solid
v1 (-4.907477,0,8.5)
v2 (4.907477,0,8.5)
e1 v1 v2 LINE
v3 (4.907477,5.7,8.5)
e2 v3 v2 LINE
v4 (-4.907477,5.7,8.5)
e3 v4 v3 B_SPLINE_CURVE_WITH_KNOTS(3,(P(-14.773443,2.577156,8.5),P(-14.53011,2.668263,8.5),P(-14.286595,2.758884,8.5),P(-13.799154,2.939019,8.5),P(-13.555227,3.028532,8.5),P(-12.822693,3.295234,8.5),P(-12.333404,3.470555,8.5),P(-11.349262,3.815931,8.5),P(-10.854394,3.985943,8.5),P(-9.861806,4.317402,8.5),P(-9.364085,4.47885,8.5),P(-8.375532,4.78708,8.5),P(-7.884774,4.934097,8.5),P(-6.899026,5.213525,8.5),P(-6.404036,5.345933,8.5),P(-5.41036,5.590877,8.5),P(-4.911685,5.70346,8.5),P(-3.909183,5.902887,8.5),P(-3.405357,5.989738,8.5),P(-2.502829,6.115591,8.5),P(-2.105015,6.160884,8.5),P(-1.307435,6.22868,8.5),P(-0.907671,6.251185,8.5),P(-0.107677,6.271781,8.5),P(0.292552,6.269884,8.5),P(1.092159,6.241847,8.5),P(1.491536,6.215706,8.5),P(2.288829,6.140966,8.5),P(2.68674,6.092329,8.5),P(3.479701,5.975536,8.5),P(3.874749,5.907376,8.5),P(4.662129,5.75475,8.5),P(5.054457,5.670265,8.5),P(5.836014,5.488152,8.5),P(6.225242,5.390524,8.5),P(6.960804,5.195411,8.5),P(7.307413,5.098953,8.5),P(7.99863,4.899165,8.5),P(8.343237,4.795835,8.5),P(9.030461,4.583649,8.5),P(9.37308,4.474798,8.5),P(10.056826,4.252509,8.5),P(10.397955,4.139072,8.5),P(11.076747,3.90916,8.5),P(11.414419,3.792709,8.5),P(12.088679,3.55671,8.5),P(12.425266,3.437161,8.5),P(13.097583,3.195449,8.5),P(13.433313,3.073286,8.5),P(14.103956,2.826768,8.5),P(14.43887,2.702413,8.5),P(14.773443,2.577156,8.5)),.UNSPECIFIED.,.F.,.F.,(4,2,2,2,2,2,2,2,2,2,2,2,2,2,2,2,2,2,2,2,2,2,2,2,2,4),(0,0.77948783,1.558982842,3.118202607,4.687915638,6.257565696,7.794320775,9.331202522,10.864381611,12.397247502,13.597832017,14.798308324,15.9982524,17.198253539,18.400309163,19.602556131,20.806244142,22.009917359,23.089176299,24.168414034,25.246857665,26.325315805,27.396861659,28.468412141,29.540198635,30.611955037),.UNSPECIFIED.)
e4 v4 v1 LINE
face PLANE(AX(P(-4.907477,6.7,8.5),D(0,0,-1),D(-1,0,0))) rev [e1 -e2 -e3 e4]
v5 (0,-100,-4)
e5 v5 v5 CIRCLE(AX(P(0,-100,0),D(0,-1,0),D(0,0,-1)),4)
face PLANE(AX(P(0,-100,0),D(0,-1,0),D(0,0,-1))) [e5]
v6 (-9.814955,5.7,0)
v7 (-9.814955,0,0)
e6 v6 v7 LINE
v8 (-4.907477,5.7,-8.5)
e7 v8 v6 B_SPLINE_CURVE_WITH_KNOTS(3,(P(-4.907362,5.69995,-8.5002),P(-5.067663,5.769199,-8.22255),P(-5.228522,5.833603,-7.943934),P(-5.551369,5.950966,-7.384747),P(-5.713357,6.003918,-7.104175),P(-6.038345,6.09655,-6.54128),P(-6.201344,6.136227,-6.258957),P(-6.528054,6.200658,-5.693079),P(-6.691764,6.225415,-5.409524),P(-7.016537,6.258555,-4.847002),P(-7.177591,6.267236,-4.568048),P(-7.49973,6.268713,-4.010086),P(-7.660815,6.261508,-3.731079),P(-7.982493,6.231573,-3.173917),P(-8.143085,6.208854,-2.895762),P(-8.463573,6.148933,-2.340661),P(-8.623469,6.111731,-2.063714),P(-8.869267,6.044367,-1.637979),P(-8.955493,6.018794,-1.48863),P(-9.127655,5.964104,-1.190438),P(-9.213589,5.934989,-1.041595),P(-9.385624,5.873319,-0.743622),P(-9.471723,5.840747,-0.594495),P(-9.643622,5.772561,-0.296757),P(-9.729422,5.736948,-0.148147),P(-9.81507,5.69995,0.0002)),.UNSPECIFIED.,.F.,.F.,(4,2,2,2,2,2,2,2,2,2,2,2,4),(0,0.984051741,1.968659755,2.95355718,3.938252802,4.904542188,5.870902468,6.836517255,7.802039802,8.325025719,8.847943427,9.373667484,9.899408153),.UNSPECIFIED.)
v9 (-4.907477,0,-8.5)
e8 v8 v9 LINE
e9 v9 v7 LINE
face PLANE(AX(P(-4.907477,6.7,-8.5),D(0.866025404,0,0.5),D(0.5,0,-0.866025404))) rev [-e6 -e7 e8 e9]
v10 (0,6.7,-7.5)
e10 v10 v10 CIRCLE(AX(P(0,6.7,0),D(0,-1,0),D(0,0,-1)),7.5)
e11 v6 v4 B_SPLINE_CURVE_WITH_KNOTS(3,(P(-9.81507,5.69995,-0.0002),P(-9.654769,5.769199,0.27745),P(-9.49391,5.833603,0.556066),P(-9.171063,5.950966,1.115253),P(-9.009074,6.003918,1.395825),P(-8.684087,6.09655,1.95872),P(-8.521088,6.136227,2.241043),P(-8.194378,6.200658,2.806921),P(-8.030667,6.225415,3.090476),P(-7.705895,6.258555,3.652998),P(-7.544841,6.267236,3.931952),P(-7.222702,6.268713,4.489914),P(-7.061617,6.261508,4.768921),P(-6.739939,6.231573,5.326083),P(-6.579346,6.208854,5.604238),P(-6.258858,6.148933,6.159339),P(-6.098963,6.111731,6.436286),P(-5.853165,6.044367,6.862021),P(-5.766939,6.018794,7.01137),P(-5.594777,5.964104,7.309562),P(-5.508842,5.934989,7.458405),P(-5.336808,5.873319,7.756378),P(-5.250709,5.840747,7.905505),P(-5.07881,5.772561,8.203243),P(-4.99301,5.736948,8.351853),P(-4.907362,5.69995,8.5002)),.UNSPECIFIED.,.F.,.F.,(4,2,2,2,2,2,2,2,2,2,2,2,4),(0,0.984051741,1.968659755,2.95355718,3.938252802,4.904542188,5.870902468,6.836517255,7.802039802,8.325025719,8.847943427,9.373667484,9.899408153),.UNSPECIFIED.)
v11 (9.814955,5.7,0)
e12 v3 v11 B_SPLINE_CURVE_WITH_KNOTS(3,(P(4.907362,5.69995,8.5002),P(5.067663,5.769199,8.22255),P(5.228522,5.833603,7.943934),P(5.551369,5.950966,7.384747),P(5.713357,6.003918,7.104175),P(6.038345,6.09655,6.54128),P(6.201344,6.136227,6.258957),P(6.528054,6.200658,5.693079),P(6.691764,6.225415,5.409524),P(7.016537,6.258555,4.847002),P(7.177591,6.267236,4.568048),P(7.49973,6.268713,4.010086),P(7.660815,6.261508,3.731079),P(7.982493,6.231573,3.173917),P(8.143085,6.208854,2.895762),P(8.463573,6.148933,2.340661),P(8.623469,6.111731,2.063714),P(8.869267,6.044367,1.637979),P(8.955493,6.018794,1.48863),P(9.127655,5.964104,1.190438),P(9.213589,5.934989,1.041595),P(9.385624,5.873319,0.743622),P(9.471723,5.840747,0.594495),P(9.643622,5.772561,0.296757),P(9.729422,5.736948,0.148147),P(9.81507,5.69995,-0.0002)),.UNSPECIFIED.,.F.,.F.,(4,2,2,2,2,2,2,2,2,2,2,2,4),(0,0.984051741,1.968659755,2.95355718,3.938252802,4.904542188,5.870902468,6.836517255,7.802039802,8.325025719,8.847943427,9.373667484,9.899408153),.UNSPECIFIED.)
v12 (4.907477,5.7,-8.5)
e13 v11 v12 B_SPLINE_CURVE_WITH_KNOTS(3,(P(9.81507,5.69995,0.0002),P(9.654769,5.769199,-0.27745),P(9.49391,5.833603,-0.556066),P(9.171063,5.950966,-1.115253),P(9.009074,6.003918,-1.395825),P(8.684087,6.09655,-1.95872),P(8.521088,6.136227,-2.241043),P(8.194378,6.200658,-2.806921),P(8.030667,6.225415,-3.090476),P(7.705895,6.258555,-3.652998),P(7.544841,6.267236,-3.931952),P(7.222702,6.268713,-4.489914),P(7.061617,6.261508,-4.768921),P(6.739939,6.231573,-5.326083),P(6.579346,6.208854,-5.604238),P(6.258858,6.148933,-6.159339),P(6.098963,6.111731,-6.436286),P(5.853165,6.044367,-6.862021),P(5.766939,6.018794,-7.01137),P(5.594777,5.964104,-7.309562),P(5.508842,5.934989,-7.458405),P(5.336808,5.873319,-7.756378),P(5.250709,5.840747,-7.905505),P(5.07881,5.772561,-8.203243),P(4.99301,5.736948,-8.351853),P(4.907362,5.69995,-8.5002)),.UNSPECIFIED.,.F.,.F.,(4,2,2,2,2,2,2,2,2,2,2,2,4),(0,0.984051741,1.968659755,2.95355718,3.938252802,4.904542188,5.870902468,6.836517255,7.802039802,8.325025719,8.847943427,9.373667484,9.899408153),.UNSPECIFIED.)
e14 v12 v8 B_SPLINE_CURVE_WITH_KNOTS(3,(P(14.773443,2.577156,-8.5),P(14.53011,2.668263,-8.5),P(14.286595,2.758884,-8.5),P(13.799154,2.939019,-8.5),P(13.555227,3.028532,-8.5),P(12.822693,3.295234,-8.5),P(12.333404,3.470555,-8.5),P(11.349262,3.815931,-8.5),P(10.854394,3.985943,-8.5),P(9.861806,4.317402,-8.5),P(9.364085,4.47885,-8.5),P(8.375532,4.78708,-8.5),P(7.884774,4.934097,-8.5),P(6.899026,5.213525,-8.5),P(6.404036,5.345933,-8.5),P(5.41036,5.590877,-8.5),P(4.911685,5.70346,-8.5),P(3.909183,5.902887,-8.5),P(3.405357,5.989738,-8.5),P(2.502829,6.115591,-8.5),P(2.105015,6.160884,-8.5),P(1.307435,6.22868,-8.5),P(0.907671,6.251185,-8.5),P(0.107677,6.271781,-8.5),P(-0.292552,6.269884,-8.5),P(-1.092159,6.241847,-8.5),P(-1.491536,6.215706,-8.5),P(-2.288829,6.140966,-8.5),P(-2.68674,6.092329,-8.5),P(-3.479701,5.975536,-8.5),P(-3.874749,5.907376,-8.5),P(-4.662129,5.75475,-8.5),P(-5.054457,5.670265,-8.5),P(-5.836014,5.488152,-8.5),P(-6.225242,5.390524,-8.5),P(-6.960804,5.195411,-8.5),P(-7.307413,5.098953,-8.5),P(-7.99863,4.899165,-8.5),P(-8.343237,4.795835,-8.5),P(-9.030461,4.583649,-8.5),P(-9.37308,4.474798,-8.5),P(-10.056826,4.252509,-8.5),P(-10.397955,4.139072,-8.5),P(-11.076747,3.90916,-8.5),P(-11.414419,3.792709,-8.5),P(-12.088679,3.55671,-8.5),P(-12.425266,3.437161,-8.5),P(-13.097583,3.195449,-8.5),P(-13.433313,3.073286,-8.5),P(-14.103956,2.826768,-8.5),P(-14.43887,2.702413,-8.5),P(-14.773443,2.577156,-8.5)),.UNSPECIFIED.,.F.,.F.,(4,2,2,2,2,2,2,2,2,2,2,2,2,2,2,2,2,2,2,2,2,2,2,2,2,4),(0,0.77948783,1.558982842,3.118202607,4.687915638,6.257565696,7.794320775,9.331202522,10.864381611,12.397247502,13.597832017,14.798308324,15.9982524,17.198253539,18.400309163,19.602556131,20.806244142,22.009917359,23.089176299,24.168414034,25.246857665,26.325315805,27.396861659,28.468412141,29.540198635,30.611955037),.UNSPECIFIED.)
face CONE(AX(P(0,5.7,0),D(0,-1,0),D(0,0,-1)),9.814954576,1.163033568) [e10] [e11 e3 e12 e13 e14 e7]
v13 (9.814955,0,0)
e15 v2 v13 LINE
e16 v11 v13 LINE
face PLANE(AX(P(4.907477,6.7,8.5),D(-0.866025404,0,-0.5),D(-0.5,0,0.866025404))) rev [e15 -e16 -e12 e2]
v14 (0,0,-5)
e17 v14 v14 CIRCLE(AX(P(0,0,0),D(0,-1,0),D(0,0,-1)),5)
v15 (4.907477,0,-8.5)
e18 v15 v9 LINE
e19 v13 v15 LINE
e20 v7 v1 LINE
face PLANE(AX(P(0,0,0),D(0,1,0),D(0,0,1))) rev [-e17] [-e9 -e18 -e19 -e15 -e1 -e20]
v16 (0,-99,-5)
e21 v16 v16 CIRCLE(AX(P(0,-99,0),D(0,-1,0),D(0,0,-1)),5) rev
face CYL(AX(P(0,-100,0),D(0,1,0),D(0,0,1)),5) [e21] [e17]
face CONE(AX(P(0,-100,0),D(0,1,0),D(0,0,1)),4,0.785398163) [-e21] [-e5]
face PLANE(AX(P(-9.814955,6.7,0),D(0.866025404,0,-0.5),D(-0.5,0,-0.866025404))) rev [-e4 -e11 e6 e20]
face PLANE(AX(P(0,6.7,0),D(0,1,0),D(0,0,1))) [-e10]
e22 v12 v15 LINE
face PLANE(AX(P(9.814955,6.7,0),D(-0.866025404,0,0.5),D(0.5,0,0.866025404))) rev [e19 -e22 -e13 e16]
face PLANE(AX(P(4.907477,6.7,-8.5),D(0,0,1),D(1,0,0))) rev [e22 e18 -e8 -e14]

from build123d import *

# Parameters (mm, degrees)
EXTRUDE_1_DEPTH = 6.7
SKETCH_4_R      = 5
EXTRUDE_2_DEPTH = 100
CHAMFER_1_SIZE  = 1


with BuildPart() as part:
    # 草图2 → 凸台-拉伸1 (new body)
    with BuildSketch(Plane(origin=(0, 0, 0), x_dir=(1, 0, 0), z_dir=(0, 1, 0))):
        Polygon((9.814954576, 0), (4.907477288, 8.5), (-4.907477288, 8.5), (-9.814954576, 0), (-4.907477288, -8.5), (4.907477288, -8.5), align=None)
    extrude(amount=EXTRUDE_1_DEPTH)

    # 草图3 → 切除-旋转1 (revolve, cut)
    with BuildSketch(Plane.XY, mode=Mode.PRIVATE) as cut_revolve_1_sk:
        Polygon((-9.814954576, 5.7), (-7.5, 6.7), (-9.814954576, 6.7), align=None)
    revolve(cut_revolve_1_sk.sketch.rotate(Axis((0, 0, 0), (0, 1, 0)), 270), axis=Axis((0, 0, 0), (0, 1, 0)), mode=Mode.SUBTRACT)

    # 草图4 → 凸台-拉伸2 (add)
    with BuildSketch(Plane.XZ):
        with Locations(Location((0, 0, 0), (0, 0, 270))):
            Circle(SKETCH_4_R)
    extrude(amount=EXTRUDE_2_DEPTH)

    # 倒角1
    chamfer_1_edges = [part.edges().sort_by_distance(p)[0] for p in [
        (0, -100, 5),
    ]]
    chamfer(chamfer_1_edges, length=CHAMFER_1_SIZE)


solid = part.part
